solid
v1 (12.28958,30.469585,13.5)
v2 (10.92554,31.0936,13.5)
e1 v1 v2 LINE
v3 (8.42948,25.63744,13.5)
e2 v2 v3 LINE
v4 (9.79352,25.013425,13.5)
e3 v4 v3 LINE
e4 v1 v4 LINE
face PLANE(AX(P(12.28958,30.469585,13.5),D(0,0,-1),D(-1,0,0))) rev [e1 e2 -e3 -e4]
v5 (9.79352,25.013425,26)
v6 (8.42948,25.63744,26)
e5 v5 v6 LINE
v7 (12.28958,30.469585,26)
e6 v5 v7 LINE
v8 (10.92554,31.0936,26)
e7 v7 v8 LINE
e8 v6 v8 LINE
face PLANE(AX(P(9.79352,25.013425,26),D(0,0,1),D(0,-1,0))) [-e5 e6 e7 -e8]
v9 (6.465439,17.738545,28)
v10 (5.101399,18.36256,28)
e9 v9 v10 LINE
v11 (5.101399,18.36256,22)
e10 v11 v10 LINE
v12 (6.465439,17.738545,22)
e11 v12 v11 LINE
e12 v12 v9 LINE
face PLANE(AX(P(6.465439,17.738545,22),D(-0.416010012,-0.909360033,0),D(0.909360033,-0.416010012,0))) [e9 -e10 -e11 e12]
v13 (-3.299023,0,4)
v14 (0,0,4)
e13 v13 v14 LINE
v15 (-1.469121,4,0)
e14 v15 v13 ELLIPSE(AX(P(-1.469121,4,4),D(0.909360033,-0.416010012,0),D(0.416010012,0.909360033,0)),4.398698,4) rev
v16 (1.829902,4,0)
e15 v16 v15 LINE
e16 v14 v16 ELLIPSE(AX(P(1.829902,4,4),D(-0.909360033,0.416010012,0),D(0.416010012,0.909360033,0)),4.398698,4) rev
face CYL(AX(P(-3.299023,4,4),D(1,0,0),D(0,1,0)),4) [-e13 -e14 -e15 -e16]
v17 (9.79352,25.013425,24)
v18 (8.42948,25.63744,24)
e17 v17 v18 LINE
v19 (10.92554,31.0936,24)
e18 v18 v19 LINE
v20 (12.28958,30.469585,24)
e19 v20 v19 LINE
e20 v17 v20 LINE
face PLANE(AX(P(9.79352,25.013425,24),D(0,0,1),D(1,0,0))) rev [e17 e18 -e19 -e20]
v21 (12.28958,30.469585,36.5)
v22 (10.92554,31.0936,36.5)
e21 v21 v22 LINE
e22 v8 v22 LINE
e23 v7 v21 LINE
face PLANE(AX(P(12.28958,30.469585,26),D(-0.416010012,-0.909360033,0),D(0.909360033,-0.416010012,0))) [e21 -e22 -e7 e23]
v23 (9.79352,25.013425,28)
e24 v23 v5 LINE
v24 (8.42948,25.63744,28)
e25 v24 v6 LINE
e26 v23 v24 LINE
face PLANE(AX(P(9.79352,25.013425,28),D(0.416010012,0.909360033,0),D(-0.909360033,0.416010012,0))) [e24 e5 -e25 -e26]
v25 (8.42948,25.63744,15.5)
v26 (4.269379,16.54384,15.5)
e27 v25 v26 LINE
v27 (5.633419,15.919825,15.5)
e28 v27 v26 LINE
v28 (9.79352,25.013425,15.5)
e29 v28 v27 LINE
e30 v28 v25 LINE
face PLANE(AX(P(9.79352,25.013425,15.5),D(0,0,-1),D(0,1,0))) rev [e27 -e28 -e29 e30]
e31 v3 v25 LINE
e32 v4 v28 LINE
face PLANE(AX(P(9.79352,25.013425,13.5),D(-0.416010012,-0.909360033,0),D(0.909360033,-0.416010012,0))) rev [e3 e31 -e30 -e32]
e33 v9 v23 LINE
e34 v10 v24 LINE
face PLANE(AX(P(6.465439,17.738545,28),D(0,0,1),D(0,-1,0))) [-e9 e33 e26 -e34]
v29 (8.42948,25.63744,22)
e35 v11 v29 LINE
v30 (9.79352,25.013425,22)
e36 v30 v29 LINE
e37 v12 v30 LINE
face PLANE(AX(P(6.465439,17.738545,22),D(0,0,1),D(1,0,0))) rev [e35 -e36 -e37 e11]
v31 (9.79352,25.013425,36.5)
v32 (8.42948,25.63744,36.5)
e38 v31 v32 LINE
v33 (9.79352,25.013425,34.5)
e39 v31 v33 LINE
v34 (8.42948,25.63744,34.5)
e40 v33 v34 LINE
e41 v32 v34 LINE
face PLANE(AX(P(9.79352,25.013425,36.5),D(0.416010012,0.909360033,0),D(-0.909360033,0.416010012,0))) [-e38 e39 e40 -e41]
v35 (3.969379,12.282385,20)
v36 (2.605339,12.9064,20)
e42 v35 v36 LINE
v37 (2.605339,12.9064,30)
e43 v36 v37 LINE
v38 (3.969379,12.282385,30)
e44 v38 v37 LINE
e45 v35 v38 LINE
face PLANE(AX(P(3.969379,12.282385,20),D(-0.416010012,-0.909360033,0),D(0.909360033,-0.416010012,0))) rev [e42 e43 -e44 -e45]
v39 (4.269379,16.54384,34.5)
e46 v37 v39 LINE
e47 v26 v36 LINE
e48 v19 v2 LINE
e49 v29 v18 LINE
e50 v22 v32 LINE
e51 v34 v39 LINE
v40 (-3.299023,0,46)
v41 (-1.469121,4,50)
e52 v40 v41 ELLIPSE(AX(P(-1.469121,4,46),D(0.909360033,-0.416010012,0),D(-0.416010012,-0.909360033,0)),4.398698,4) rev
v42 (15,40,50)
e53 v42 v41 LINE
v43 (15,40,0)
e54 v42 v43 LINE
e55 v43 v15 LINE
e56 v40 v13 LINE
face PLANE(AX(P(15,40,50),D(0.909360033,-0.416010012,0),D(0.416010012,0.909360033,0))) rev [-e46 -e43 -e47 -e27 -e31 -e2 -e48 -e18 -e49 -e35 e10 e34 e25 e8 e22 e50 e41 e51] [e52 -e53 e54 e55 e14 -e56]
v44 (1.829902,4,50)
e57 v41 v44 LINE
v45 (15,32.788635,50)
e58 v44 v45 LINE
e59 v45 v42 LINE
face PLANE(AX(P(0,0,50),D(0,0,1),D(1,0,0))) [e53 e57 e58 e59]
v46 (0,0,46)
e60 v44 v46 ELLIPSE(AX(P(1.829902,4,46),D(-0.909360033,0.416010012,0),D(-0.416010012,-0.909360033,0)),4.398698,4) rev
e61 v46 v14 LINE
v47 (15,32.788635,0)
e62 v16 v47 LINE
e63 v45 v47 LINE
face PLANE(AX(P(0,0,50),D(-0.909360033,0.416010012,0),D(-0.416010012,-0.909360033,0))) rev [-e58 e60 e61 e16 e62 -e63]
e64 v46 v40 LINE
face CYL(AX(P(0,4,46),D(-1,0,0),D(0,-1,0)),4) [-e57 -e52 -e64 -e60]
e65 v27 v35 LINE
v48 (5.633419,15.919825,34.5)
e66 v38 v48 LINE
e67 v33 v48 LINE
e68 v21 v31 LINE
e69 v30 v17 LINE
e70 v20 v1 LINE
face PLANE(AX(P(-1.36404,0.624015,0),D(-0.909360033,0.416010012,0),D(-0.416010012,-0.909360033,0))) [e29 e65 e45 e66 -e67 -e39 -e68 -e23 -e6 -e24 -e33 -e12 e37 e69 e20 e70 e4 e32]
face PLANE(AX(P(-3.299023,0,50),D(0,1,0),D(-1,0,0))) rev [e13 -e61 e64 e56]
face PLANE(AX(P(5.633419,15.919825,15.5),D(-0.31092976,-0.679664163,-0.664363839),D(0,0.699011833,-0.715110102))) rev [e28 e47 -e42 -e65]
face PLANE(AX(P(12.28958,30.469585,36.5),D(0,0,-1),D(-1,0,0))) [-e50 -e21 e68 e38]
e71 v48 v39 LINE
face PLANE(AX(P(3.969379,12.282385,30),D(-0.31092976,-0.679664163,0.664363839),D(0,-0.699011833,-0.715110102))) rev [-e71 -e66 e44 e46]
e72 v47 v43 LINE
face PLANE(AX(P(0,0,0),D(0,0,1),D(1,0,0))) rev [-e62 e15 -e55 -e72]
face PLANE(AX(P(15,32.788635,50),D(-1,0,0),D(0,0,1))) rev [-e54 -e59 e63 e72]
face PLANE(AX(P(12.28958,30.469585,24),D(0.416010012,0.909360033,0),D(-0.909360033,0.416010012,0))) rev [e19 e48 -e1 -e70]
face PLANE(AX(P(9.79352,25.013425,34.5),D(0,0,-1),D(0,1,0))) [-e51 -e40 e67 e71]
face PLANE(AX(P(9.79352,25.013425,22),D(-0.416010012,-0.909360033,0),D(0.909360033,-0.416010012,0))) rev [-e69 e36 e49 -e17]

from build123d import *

# Parameters (mm, degrees)
BOSS_EXTRUDE1_DEPTH = 50
FILLET1_R           = 4
CUT_EXTRUDE1_DEPTH  = 1.5


with BuildPart() as part:
    # Sketch1 → Boss-Extrude1 (new body)
    with BuildSketch(Plane.XY):
        Polygon((0, 0), (15, 32.788635103), (15, 40), (-3.299023369, 0), align=None)
    extrude(amount=BOSS_EXTRUDE1_DEPTH)

    # Fillet1
    fillet1_edges = [part.edges().sort_by_distance(p)[0] for p in [
        (-1.649511685, 0, 50),
        (-1.649511685, 0, 0),
    ]]
    fillet(fillet1_edges, radius=FILLET1_R)

    # Sketch2 → Cut-Extrude1 (cut)
    with BuildSketch(Plane(origin=(-2.728080099, 1.248030037, 0), x_dir=(0, 0, 1), z_dir=(-0.9093600329934255, 0.4160100123725345, 0))):
        Polygon((20, 12.820411289), (30, 12.820411289), (34.5, 16.820411289), (34.5, 26.820411289), (36.5, 26.820411289), (36.5, 32.820411289), (26, 32.820411289), (26, 26.820411289), (28, 26.820411289), (28, 18.820411289), (22, 18.820411289), (22, 26.820411289), (24, 26.820411289), (24, 32.820411289), (13.5, 32.820411289), (13.5, 26.820411289), (15.5, 26.820411289), (15.5, 16.820411289), align=None)
    extrude(amount=-CUT_EXTRUDE1_DEPTH, mode=Mode.SUBTRACT)


solid = part.part
